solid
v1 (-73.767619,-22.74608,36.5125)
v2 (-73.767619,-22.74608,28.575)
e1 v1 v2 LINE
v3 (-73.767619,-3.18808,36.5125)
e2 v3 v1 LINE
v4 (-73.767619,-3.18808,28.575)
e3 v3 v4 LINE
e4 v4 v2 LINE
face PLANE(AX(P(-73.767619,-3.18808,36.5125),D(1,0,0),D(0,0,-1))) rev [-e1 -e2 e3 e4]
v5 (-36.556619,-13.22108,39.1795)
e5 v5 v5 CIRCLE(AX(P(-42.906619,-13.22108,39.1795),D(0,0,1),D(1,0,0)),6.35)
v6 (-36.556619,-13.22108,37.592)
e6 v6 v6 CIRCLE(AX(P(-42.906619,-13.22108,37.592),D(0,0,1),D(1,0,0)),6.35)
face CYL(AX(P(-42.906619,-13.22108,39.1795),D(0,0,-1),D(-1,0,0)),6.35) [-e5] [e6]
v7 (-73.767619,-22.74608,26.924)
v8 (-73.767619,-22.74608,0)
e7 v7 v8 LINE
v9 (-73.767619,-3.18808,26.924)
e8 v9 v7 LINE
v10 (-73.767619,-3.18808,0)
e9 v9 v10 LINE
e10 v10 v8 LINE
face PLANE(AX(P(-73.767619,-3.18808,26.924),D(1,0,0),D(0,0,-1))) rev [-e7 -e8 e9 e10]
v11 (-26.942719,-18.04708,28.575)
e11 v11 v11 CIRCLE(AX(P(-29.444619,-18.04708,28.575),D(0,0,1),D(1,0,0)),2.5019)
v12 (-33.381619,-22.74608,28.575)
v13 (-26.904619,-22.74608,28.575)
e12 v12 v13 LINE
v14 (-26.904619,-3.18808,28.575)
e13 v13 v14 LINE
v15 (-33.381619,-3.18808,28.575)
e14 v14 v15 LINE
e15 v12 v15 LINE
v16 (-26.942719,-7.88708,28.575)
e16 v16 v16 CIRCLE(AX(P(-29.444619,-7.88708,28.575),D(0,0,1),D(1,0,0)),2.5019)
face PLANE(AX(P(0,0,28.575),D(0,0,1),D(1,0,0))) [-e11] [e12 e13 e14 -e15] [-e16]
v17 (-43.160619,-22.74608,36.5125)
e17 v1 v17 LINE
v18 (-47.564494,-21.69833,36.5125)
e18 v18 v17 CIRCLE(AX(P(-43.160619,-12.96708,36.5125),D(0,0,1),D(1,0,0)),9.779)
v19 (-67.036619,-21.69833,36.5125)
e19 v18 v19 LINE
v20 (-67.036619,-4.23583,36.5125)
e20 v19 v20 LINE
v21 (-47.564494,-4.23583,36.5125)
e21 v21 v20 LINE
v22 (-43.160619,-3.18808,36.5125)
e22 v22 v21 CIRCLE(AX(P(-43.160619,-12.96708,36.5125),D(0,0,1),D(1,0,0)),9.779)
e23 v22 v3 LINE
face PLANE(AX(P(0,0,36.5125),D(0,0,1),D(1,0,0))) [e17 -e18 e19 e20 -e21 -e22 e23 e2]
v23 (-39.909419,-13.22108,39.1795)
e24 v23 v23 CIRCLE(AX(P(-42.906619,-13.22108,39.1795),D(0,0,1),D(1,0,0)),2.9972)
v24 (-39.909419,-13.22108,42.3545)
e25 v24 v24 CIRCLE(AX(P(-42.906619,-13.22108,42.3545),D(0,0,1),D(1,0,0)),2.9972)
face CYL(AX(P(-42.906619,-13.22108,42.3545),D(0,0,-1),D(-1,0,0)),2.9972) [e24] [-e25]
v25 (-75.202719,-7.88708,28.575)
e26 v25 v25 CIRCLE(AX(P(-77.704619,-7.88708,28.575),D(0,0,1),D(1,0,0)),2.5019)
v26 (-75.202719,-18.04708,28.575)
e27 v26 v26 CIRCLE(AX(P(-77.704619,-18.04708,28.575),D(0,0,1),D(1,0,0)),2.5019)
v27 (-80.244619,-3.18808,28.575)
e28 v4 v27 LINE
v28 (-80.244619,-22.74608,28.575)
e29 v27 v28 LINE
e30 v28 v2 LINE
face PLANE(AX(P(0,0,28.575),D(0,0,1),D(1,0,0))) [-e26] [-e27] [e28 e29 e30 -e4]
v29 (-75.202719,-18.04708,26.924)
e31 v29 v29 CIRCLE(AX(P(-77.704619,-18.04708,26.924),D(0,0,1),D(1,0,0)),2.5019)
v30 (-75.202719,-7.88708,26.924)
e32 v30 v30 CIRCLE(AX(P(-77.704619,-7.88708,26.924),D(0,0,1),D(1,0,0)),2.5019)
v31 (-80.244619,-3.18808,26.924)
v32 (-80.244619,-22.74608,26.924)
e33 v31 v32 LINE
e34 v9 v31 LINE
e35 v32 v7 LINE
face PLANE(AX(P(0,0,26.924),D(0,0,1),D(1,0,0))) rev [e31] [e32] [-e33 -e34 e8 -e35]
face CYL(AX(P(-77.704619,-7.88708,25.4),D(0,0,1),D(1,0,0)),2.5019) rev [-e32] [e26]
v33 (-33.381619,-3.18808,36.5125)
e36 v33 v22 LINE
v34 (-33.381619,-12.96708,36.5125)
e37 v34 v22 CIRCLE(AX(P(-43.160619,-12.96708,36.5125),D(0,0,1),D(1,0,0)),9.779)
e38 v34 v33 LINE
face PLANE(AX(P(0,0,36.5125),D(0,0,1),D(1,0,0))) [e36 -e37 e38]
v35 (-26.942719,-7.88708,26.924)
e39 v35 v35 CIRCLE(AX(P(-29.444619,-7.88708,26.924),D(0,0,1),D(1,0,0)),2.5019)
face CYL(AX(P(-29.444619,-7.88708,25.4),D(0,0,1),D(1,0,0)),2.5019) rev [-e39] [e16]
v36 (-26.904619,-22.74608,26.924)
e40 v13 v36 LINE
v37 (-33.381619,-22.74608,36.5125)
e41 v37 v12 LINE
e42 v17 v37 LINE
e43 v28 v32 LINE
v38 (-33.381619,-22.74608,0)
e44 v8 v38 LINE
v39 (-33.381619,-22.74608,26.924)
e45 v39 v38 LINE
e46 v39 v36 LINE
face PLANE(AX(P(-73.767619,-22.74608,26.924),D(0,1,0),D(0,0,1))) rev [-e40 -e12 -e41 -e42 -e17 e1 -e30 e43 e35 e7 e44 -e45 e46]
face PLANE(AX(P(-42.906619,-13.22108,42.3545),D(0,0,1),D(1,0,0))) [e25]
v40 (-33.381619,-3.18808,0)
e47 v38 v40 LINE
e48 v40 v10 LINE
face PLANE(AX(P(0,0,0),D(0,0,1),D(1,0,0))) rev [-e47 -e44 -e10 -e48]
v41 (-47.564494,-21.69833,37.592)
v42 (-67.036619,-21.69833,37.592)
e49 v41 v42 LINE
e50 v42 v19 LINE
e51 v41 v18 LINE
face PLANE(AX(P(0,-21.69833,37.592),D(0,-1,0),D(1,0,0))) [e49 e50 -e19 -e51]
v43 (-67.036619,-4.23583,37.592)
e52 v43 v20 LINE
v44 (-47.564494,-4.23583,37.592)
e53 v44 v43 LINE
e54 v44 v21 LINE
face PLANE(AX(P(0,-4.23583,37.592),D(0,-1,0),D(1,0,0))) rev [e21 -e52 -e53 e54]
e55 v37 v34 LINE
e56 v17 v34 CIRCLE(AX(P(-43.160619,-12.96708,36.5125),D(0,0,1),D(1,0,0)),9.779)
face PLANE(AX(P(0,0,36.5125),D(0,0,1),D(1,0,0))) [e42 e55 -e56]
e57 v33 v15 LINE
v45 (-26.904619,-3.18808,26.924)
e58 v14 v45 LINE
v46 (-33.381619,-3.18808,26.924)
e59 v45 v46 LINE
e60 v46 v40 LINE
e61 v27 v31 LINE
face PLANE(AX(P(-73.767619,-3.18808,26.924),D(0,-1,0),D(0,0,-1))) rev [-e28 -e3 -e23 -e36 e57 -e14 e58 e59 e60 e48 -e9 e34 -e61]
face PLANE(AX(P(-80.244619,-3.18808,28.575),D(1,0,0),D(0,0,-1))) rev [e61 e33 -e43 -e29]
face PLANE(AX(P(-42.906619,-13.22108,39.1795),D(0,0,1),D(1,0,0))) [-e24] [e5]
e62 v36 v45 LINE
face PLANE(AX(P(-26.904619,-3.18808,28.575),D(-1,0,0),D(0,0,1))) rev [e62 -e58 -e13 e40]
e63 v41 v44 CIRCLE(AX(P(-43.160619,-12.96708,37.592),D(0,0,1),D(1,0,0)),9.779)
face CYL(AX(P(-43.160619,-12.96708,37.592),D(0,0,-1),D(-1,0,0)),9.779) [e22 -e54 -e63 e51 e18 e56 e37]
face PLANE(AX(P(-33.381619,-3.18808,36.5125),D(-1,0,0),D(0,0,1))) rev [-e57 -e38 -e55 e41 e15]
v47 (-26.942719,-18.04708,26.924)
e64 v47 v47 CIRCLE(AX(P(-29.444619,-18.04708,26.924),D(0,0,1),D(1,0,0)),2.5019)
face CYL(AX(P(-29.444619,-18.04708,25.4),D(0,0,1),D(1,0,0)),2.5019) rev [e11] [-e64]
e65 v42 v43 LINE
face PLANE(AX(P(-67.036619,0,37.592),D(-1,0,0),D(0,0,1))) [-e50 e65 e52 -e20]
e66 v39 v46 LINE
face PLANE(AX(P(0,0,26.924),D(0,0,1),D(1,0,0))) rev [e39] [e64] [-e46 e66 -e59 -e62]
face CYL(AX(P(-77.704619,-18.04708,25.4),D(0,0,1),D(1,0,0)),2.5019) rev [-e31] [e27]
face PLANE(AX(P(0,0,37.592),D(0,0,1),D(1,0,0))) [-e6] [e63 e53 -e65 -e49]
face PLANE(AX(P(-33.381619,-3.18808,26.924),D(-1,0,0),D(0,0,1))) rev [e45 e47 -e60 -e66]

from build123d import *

# Parameters (mm, degrees)
SKETCH3_W           = 40.386
SKETCH3_H           = 19.558
BOSS_EXTRUDE2_DEPTH = 26.924
SKETCH4_W           = 53.34
SKETCH4_H           = 19.558
BOSS_EXTRUDE3_DEPTH = 1.651
SKETCH5_R           = 2.5019
CUT_EXTRUDE1_DEPTH  = 3.175
SKETCH6_W           = 40.386
SKETCH6_H           = 19.558
BOSS_EXTRUDE4_DEPTH = 7.9375
BOSS_EXTRUDE5_DEPTH = 1.0795
SKETCH8_R           = 6.35
BOSS_EXTRUDE6_DEPTH = 1.5875
SKETCH10_R          = 2.9972
BOSS_EXTRUDE7_DEPTH = 3.175


with BuildPart() as part:
    # Sketch3 → Boss-Extrude2 (new body)
    with BuildSketch(Plane.XY):
        with Locations((-53.574618647, -12.967080077)):
            Rectangle(SKETCH3_W, SKETCH3_H)
    extrude(amount=BOSS_EXTRUDE2_DEPTH)

    # Sketch4 → Boss-Extrude3 (add)
    with BuildSketch(Plane.XY.offset(26.924)):
        with Locations((-53.574618647, -12.967080077)):
            Rectangle(SKETCH4_W, SKETCH4_H)
    extrude(amount=BOSS_EXTRUDE3_DEPTH)

    # Sketch5 → Cut-Extrude1 (cut)
    with BuildSketch(Plane.XY.offset(28.575)):
        with Locations((-77.704618647, -7.887080077)):
            Circle(SKETCH5_R)
        with Locations((-29.444618647, -7.887080077)):
            Circle(SKETCH5_R)
        with Locations((-29.444618647, -18.047080077)):
            Circle(SKETCH5_R)
        with Locations((-77.704618647, -18.047080077)):
            Circle(SKETCH5_R)
    extrude(amount=-CUT_EXTRUDE1_DEPTH, mode=Mode.SUBTRACT)

    # Sketch6 → Boss-Extrude4 (add)
    with BuildSketch(Plane.XY.offset(28.575)):
        with Locations((-53.574618647, -12.967080077)):
            Rectangle(SKETCH6_W, SKETCH6_H)
    extrude(amount=BOSS_EXTRUDE4_DEPTH)

    # Sketch7 → Boss-Extrude5 (add)
    with BuildSketch(Plane.XY.offset(36.5125)):
        with BuildLine():
            Line((-67.036618647, -21.698330077), (-67.036618647, -4.235830077))
            Line((-67.036618647, -4.235830077), (-47.564493582, -4.235830077))
            ThreePointArc((-47.564493582, -4.235830077), (-33.381618647, -12.967080077), (-47.564493582, -21.698330077))
            Line((-47.564493582, -21.698330077), (-67.036618647, -21.698330077))
        make_face()
    extrude(amount=BOSS_EXTRUDE5_DEPTH)

    # Sketch8 → Boss-Extrude6 (add)
    with BuildSketch(Plane.XY.offset(37.592)):
        with Locations((-42.906618647, -13.221080077)):
            Circle(SKETCH8_R)
    extrude(amount=BOSS_EXTRUDE6_DEPTH)

    # Sketch10 → Boss-Extrude7 (add)
    with BuildSketch(Plane.XY.offset(39.1795)):
        with Locations((-42.906618647, -13.221080077)):
            Circle(SKETCH10_R)
    extrude(amount=BOSS_EXTRUDE7_DEPTH)


solid = part.part
